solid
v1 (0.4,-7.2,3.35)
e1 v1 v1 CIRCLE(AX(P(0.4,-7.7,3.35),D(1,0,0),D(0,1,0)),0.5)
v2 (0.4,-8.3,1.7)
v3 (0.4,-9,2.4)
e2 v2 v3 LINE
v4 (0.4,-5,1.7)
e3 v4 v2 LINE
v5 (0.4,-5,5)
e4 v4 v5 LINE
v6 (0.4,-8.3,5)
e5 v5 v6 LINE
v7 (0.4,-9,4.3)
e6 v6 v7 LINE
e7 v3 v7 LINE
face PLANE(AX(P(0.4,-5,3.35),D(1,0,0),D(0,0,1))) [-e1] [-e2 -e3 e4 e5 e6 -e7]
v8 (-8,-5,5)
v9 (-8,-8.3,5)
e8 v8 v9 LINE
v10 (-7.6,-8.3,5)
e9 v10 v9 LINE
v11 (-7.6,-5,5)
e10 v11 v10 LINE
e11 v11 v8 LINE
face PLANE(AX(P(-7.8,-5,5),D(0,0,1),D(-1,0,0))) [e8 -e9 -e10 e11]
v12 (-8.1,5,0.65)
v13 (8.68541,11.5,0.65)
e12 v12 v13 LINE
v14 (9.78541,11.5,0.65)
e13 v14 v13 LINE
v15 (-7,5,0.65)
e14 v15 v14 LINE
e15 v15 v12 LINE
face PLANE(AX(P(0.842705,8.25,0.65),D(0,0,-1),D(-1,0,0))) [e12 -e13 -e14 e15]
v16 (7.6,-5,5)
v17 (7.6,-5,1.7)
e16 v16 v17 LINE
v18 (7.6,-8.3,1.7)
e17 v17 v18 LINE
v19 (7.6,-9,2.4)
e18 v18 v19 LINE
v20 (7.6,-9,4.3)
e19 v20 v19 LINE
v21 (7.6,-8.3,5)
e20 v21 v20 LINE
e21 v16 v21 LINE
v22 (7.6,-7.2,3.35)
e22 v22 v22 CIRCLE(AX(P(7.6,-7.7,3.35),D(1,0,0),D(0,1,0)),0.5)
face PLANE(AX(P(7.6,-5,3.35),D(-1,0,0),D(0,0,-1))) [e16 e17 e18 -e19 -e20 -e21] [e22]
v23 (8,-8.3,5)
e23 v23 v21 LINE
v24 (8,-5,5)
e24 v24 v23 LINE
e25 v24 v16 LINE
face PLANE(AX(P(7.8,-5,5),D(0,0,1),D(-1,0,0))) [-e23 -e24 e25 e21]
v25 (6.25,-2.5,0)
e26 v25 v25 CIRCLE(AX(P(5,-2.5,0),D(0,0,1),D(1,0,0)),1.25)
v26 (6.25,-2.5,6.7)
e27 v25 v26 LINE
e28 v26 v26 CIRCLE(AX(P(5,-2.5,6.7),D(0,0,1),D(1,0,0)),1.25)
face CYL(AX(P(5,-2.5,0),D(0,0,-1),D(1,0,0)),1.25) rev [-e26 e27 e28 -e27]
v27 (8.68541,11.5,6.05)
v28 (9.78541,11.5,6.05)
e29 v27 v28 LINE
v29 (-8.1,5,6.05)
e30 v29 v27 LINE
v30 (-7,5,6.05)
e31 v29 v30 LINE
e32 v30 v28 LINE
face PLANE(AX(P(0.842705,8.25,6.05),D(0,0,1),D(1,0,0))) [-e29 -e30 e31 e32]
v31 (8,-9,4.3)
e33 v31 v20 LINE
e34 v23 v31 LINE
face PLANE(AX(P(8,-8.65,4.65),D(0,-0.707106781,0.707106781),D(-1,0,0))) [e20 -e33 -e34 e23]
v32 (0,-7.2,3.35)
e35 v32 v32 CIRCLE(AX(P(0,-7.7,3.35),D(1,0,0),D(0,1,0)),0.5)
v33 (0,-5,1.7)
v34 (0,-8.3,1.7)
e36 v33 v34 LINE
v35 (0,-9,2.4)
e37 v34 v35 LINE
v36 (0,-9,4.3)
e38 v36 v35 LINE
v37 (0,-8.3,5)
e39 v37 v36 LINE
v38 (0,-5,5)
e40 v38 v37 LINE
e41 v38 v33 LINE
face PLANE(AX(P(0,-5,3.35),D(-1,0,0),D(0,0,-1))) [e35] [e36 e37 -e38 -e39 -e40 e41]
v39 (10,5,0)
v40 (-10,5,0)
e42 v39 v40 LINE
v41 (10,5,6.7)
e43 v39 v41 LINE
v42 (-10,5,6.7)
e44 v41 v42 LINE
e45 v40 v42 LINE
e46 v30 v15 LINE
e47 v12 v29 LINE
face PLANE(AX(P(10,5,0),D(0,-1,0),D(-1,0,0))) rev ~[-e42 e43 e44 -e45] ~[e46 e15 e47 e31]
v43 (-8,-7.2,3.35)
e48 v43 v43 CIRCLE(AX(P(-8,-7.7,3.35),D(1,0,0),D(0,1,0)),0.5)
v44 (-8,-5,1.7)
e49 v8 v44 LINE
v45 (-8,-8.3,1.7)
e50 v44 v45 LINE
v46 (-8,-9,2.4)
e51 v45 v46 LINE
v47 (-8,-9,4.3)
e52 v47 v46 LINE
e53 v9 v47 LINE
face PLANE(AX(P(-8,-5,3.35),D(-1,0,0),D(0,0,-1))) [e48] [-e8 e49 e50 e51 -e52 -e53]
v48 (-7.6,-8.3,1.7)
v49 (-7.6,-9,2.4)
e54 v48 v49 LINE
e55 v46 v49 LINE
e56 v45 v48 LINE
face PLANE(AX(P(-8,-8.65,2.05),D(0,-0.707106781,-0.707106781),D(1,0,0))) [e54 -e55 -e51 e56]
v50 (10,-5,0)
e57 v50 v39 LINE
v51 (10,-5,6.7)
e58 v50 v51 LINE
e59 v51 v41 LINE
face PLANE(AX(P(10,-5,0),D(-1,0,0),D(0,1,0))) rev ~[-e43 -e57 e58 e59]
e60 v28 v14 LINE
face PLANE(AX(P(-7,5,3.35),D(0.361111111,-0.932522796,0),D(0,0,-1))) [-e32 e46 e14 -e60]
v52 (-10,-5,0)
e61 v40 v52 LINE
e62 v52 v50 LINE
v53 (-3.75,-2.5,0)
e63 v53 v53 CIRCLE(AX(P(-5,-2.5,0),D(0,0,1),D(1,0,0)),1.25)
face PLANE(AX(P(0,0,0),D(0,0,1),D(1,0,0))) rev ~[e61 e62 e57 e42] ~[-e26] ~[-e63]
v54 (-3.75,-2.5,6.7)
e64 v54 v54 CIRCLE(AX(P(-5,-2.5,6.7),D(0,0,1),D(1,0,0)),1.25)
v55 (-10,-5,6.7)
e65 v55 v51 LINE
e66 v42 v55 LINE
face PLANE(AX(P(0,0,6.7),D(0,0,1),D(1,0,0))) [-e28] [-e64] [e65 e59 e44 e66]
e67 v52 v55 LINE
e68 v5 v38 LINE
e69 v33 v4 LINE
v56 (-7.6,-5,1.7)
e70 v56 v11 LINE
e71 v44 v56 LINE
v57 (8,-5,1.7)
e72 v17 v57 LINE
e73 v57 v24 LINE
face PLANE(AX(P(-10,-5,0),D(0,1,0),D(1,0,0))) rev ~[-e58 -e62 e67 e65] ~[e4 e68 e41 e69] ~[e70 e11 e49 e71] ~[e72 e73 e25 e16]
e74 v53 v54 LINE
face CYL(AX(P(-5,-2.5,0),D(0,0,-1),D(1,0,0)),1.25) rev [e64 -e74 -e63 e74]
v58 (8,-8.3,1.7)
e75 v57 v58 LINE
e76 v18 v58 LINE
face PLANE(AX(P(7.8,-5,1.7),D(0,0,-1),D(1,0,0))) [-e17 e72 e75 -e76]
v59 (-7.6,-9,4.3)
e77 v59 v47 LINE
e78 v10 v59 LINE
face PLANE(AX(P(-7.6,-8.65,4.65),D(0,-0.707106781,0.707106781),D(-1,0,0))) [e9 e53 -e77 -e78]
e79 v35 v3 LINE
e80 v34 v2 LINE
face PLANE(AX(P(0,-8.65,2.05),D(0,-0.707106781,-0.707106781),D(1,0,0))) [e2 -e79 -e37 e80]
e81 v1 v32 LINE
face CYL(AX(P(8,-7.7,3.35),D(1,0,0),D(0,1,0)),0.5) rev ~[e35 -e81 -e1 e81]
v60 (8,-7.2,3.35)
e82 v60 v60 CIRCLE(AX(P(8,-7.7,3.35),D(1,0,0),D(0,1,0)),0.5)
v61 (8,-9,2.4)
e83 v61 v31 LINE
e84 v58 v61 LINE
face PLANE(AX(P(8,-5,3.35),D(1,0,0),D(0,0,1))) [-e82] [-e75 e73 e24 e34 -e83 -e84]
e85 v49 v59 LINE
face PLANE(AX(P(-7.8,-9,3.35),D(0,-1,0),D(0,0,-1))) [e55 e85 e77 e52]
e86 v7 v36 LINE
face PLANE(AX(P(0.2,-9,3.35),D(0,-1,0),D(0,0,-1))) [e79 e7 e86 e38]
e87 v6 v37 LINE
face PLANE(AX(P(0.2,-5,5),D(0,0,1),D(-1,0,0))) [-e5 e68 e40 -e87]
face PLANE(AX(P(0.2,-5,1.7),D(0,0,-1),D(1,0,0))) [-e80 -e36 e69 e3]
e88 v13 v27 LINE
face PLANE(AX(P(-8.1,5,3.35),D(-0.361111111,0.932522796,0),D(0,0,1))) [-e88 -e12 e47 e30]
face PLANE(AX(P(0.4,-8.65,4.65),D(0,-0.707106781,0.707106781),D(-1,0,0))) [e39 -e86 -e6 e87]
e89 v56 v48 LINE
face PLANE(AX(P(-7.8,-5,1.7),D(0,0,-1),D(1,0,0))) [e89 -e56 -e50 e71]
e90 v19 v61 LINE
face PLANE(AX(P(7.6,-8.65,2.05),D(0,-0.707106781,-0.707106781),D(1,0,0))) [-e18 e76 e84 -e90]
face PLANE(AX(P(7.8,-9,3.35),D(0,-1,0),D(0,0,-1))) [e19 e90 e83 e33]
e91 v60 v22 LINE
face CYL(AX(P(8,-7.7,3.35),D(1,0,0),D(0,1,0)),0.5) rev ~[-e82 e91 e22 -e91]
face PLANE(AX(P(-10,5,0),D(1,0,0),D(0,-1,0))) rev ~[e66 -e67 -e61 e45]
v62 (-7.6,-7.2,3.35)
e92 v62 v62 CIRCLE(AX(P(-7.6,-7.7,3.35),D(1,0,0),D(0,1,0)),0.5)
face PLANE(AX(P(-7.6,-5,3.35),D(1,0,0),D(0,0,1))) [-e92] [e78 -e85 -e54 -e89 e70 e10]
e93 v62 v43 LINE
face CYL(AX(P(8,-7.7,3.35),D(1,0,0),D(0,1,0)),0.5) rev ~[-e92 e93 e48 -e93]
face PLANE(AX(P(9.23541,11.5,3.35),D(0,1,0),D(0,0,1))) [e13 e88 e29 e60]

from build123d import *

# Parameters (mm, degrees)
F0_R     = 1.25
F1_DEPTH = 6.7
F2_W     = 0.4
F2_H     = 3.3
F3_W     = 1.1
F3_H     = 5.4
F6_R     = 0.5
F7_DEPTH = 25
F8_SIZE  = 0.7


with BuildPart() as f1:
    # F0 (on Top) → F1 (new body)
    with BuildSketch(Plane.XY):
        Polygon((-7, 5), (-10, 5), (-10, -5), (-8, -5), (0, -5), (8, -5), (10, -5), (10, 5), align=None)
        with Locations((-5, -2.5)):
            Circle(F0_R, mode=Mode.SUBTRACT)
        with Locations((5, -2.5)):
            Circle(F0_R, mode=Mode.SUBTRACT)
    extrude(amount=F1_DEPTH)

    # F4: sweep along a path in F0
    with BuildLine(Plane.XY) as f4_path:
        Line((-8, -5), (-8, -9))
    # F2 (on face) → F4 (sweep)
    with BuildSketch(Plane.XZ.offset(5)):
        with Locations((-7.8, 3.35)):
            Rectangle(F2_W, F2_H)
        with Locations((0.2, 3.35)):
            Rectangle(F2_W, F2_H)
        with Locations((7.8, 3.35)):
            Rectangle(F2_W, F2_H)
    sweep(path=f4_path.line)

    # F5: sweep along a path in F0
    with BuildLine(Plane.XY) as f5_path:
        Line((-7, 5), (9.7854103316, 11.5))
    # F3 (on face) → F5 (sweep)
    with BuildSketch(Plane(origin=(0, 5, 0), x_dir=(-1, 0, 0), z_dir=(0, 1, 0))):
        with Locations((7.55, 3.35)):
            Rectangle(F3_W, F3_H)
    sweep(path=f5_path.line)

    # F6 (on face) → F7 (cut)
    with BuildSketch(Plane.YZ.offset(8)):
        with Locations((-7.7, 3.35)):
            Circle(F6_R)
    extrude(amount=-F7_DEPTH, mode=Mode.SUBTRACT)

    # F8
    f8_edges = [f1.edges().sort_by_distance(p)[0] for p in [
        (-7.8, -9, 5),
        (0.2, -9, 5),
        (7.8, -9, 5),
        (-7.8, -9, 1.7),
        (0.2, -9, 1.7),
        (7.8, -9, 1.7),
    ]]
    chamfer(f8_edges, length=F8_SIZE)


solid = f1.part
